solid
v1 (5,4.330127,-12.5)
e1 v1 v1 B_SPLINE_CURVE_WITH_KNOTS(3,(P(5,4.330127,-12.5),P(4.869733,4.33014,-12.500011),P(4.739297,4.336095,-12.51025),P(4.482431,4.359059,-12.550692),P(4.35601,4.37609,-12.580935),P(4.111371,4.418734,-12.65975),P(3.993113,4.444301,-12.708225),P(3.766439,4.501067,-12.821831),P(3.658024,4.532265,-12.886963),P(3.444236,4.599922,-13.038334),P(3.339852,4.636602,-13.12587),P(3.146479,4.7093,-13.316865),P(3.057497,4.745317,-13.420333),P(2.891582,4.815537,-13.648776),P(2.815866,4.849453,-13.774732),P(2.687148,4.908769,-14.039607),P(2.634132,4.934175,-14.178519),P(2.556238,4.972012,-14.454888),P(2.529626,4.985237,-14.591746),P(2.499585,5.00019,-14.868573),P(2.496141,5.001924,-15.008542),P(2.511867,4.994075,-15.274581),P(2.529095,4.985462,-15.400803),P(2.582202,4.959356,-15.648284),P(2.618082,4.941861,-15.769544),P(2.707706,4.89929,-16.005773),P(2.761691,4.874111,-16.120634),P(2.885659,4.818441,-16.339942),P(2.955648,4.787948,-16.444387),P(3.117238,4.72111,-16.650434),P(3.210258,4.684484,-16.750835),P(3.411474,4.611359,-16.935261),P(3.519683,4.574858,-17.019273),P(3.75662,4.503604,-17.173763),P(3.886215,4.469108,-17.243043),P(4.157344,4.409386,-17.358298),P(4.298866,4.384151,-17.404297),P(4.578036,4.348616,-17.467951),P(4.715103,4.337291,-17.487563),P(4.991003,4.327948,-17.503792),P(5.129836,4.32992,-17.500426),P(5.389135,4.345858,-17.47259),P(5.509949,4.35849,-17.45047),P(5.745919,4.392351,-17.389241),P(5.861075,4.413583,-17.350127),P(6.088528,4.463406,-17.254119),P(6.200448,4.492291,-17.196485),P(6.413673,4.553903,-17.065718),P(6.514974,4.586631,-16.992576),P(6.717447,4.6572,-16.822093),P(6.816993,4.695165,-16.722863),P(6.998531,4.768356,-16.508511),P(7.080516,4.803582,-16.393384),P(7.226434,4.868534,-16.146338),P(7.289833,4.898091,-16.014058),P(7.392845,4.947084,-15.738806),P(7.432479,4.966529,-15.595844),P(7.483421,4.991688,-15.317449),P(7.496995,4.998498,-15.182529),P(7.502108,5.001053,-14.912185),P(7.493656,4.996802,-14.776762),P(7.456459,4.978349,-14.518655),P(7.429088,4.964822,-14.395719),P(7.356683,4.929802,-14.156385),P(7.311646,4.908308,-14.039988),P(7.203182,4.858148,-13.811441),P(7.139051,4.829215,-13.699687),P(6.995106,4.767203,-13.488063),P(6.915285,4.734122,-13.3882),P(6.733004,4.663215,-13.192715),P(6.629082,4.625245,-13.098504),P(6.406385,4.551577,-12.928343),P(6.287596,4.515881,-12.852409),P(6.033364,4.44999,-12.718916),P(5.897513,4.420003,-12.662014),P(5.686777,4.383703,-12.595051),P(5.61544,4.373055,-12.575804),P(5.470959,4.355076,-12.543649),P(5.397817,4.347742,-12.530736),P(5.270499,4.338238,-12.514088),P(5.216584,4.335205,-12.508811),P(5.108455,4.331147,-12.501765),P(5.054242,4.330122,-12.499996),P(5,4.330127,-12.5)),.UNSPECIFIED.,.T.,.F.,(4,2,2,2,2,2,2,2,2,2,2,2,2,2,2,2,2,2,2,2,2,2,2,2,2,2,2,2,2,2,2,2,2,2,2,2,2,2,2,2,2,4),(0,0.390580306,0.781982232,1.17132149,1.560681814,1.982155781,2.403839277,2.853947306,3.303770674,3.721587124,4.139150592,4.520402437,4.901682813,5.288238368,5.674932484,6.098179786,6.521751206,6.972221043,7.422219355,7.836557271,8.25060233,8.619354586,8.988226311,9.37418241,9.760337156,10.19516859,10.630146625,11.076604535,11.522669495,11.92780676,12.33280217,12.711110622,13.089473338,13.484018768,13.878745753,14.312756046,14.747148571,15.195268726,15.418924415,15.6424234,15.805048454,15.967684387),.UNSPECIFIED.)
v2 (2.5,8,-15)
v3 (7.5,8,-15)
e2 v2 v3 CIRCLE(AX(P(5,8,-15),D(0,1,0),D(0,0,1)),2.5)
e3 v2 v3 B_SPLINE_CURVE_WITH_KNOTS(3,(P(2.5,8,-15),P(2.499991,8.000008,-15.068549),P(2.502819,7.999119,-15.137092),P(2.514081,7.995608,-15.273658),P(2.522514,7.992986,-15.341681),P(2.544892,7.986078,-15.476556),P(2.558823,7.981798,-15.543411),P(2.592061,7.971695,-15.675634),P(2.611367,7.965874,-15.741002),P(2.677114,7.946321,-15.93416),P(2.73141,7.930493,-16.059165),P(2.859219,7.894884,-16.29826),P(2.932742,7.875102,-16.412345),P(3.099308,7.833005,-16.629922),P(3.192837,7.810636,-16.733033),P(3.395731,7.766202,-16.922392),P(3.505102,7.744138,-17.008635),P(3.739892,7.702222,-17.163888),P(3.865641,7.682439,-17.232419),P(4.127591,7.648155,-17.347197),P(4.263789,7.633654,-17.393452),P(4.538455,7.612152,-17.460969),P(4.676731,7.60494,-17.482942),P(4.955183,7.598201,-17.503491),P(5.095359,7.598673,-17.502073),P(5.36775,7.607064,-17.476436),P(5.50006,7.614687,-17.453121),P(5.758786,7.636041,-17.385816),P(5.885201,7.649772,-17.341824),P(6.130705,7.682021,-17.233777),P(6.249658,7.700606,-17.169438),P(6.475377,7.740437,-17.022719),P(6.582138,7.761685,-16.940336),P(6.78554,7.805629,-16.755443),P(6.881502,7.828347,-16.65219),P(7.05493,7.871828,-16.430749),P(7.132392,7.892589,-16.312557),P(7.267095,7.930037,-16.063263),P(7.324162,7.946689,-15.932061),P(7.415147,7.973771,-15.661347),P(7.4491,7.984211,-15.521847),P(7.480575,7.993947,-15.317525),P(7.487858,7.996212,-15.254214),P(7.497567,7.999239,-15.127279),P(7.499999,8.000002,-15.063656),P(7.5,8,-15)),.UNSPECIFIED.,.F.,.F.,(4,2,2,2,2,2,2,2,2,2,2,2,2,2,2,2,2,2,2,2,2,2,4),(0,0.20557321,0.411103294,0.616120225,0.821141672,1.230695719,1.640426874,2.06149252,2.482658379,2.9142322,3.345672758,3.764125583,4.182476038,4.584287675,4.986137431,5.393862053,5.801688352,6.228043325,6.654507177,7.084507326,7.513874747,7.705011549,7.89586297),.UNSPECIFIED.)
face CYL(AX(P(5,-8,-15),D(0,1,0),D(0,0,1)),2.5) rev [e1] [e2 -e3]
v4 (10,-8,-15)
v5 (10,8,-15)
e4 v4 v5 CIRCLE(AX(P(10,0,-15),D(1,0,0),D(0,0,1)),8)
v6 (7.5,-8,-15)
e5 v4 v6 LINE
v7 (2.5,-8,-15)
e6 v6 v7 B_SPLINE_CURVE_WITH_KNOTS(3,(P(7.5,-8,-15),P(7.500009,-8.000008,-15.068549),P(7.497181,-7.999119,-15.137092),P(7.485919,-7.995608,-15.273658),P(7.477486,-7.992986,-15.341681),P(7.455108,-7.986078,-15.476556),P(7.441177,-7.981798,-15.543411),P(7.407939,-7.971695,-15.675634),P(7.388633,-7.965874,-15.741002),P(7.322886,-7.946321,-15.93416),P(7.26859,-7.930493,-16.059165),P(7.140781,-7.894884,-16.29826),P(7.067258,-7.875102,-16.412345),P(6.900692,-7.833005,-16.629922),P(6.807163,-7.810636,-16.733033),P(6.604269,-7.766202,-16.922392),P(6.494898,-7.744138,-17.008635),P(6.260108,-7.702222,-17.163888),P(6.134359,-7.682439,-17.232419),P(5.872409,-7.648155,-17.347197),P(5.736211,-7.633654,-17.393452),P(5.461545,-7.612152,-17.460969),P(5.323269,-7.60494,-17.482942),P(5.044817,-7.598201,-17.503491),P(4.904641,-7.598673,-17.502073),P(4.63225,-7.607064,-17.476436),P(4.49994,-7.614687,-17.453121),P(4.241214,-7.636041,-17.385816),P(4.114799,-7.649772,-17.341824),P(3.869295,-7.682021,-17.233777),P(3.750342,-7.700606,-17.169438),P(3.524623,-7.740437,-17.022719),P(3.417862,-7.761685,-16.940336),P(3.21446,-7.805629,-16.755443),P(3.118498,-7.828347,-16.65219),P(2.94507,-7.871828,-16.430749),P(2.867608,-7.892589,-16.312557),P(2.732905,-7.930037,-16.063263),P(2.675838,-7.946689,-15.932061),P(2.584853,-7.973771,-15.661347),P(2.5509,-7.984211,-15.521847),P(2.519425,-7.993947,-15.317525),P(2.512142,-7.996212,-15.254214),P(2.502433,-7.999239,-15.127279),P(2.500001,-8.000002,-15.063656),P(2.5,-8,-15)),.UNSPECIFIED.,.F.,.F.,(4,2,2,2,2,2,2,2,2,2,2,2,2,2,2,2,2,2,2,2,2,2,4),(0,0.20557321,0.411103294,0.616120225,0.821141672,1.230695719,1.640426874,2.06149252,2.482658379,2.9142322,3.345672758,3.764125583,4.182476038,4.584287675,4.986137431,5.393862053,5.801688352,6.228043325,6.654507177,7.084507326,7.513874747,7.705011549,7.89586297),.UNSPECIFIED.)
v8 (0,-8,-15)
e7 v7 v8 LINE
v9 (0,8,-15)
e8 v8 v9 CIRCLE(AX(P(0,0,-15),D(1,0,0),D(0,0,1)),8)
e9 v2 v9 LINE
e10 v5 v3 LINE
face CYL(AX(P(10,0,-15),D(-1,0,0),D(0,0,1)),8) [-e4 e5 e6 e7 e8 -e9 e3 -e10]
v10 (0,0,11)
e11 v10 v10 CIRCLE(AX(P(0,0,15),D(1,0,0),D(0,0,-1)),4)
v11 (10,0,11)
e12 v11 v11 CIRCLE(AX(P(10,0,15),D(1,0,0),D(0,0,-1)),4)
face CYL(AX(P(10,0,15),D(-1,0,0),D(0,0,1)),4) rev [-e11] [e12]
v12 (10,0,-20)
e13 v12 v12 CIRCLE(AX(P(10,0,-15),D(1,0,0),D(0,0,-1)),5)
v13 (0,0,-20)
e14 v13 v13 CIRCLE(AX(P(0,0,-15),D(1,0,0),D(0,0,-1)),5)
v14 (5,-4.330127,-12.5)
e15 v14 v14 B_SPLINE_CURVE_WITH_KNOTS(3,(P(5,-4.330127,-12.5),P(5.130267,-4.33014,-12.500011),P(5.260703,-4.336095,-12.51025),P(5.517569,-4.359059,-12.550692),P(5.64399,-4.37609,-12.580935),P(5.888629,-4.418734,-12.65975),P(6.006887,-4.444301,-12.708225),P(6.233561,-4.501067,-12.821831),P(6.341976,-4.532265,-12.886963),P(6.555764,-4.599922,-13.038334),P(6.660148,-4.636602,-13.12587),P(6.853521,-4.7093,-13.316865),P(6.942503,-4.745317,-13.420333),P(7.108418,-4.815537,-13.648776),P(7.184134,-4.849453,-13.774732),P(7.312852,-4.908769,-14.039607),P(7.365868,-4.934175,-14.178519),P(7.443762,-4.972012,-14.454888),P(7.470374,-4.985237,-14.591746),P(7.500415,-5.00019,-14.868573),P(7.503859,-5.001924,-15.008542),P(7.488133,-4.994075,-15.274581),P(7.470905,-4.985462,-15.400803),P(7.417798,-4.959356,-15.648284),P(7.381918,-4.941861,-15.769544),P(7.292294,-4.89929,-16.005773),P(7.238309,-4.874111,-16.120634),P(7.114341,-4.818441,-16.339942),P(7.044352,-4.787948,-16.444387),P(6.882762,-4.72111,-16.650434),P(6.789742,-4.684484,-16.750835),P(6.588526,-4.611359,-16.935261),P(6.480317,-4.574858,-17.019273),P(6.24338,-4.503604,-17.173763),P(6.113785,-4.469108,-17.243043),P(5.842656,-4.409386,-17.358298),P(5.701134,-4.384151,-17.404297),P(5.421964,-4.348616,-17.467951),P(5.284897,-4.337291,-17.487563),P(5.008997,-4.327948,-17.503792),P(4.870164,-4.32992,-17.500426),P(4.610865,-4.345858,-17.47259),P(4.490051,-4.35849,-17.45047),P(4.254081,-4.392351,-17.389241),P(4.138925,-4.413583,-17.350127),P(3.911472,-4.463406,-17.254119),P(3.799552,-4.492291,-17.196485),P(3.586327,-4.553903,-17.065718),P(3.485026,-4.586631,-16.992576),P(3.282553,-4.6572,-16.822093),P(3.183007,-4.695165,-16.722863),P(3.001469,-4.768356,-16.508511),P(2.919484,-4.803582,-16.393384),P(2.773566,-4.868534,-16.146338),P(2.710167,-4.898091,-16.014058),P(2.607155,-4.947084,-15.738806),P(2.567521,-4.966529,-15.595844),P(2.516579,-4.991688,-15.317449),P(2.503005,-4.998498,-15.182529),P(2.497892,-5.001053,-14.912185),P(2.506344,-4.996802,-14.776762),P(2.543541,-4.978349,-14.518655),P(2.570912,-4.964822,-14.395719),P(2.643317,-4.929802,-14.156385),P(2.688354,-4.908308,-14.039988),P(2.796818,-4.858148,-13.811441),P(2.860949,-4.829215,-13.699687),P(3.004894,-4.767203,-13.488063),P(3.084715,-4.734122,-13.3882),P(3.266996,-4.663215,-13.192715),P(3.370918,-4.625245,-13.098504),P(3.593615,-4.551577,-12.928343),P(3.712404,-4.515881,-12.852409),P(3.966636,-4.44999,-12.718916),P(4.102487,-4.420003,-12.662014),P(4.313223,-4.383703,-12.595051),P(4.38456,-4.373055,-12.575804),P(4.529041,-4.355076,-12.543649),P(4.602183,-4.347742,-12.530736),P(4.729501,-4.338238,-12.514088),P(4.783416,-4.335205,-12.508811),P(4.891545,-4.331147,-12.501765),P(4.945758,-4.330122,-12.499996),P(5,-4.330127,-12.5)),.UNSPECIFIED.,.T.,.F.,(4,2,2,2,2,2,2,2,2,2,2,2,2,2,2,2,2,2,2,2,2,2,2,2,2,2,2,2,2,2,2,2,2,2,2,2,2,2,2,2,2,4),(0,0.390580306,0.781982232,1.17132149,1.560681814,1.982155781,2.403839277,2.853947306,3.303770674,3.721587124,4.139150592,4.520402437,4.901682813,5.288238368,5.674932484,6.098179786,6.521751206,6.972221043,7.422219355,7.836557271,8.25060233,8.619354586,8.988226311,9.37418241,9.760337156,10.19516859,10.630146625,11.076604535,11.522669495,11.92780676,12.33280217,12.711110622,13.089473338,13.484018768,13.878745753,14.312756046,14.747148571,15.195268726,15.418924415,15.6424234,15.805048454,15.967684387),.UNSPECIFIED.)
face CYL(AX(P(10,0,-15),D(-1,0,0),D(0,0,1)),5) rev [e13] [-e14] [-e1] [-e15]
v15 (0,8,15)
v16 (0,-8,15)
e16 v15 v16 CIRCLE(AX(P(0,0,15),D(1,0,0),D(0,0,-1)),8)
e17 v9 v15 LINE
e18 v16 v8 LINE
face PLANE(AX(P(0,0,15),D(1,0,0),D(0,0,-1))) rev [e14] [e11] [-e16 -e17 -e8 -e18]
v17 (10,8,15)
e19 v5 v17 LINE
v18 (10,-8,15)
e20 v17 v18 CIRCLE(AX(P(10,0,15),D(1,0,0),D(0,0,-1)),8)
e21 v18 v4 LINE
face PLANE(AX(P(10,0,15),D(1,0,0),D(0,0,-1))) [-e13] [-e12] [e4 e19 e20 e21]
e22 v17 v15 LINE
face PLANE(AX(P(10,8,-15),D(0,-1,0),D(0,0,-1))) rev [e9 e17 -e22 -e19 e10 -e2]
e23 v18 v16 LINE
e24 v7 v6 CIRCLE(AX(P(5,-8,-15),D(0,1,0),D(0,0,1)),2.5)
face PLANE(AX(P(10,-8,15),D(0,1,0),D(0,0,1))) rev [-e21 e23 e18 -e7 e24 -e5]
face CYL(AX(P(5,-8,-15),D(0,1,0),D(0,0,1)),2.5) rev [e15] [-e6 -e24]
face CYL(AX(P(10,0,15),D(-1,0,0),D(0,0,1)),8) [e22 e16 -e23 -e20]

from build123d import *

# Parameters (mm, degrees)
SKETCH_1_R          = 4
SKETCH_1_R_2        = 5
EXTRUDE_1_DEPTH     = 10
SKETCH_2_R          = 2.5
CUT_EXTRUDE_1_DEPTH = 17


with BuildPart() as part:
    # 草图1 → 凸台-拉伸1 (new body)
    with BuildSketch(Plane(origin=(0, 0, 0), x_dir=(0, 0, -1), z_dir=(1, 0, 0))):
        with BuildLine():
            Line((15, 8), (-15, 8))
            ThreePointArc((-15, 8), (-23, 0), (-15, -8))
            Line((-15, -8), (15, -8))
            ThreePointArc((15, -8), (23, 0), (15, 8))
        make_face()
        with Locations((-15, 0)):
            Circle(SKETCH_1_R, mode=Mode.SUBTRACT)
        with Locations((15, 0)):
            Circle(SKETCH_1_R_2, mode=Mode.SUBTRACT)
    extrude(amount=EXTRUDE_1_DEPTH)

    # 草图2 → 切除-拉伸1 (cut, through all)
    with BuildSketch(Plane(origin=(0, 8, 0), x_dir=(1, 0, 0), z_dir=(0, 1, 0))):
        with Locations((5, 15)):
            Circle(SKETCH_2_R)
    extrude(amount=-CUT_EXTRUDE_1_DEPTH, mode=Mode.SUBTRACT)


solid = part.part
